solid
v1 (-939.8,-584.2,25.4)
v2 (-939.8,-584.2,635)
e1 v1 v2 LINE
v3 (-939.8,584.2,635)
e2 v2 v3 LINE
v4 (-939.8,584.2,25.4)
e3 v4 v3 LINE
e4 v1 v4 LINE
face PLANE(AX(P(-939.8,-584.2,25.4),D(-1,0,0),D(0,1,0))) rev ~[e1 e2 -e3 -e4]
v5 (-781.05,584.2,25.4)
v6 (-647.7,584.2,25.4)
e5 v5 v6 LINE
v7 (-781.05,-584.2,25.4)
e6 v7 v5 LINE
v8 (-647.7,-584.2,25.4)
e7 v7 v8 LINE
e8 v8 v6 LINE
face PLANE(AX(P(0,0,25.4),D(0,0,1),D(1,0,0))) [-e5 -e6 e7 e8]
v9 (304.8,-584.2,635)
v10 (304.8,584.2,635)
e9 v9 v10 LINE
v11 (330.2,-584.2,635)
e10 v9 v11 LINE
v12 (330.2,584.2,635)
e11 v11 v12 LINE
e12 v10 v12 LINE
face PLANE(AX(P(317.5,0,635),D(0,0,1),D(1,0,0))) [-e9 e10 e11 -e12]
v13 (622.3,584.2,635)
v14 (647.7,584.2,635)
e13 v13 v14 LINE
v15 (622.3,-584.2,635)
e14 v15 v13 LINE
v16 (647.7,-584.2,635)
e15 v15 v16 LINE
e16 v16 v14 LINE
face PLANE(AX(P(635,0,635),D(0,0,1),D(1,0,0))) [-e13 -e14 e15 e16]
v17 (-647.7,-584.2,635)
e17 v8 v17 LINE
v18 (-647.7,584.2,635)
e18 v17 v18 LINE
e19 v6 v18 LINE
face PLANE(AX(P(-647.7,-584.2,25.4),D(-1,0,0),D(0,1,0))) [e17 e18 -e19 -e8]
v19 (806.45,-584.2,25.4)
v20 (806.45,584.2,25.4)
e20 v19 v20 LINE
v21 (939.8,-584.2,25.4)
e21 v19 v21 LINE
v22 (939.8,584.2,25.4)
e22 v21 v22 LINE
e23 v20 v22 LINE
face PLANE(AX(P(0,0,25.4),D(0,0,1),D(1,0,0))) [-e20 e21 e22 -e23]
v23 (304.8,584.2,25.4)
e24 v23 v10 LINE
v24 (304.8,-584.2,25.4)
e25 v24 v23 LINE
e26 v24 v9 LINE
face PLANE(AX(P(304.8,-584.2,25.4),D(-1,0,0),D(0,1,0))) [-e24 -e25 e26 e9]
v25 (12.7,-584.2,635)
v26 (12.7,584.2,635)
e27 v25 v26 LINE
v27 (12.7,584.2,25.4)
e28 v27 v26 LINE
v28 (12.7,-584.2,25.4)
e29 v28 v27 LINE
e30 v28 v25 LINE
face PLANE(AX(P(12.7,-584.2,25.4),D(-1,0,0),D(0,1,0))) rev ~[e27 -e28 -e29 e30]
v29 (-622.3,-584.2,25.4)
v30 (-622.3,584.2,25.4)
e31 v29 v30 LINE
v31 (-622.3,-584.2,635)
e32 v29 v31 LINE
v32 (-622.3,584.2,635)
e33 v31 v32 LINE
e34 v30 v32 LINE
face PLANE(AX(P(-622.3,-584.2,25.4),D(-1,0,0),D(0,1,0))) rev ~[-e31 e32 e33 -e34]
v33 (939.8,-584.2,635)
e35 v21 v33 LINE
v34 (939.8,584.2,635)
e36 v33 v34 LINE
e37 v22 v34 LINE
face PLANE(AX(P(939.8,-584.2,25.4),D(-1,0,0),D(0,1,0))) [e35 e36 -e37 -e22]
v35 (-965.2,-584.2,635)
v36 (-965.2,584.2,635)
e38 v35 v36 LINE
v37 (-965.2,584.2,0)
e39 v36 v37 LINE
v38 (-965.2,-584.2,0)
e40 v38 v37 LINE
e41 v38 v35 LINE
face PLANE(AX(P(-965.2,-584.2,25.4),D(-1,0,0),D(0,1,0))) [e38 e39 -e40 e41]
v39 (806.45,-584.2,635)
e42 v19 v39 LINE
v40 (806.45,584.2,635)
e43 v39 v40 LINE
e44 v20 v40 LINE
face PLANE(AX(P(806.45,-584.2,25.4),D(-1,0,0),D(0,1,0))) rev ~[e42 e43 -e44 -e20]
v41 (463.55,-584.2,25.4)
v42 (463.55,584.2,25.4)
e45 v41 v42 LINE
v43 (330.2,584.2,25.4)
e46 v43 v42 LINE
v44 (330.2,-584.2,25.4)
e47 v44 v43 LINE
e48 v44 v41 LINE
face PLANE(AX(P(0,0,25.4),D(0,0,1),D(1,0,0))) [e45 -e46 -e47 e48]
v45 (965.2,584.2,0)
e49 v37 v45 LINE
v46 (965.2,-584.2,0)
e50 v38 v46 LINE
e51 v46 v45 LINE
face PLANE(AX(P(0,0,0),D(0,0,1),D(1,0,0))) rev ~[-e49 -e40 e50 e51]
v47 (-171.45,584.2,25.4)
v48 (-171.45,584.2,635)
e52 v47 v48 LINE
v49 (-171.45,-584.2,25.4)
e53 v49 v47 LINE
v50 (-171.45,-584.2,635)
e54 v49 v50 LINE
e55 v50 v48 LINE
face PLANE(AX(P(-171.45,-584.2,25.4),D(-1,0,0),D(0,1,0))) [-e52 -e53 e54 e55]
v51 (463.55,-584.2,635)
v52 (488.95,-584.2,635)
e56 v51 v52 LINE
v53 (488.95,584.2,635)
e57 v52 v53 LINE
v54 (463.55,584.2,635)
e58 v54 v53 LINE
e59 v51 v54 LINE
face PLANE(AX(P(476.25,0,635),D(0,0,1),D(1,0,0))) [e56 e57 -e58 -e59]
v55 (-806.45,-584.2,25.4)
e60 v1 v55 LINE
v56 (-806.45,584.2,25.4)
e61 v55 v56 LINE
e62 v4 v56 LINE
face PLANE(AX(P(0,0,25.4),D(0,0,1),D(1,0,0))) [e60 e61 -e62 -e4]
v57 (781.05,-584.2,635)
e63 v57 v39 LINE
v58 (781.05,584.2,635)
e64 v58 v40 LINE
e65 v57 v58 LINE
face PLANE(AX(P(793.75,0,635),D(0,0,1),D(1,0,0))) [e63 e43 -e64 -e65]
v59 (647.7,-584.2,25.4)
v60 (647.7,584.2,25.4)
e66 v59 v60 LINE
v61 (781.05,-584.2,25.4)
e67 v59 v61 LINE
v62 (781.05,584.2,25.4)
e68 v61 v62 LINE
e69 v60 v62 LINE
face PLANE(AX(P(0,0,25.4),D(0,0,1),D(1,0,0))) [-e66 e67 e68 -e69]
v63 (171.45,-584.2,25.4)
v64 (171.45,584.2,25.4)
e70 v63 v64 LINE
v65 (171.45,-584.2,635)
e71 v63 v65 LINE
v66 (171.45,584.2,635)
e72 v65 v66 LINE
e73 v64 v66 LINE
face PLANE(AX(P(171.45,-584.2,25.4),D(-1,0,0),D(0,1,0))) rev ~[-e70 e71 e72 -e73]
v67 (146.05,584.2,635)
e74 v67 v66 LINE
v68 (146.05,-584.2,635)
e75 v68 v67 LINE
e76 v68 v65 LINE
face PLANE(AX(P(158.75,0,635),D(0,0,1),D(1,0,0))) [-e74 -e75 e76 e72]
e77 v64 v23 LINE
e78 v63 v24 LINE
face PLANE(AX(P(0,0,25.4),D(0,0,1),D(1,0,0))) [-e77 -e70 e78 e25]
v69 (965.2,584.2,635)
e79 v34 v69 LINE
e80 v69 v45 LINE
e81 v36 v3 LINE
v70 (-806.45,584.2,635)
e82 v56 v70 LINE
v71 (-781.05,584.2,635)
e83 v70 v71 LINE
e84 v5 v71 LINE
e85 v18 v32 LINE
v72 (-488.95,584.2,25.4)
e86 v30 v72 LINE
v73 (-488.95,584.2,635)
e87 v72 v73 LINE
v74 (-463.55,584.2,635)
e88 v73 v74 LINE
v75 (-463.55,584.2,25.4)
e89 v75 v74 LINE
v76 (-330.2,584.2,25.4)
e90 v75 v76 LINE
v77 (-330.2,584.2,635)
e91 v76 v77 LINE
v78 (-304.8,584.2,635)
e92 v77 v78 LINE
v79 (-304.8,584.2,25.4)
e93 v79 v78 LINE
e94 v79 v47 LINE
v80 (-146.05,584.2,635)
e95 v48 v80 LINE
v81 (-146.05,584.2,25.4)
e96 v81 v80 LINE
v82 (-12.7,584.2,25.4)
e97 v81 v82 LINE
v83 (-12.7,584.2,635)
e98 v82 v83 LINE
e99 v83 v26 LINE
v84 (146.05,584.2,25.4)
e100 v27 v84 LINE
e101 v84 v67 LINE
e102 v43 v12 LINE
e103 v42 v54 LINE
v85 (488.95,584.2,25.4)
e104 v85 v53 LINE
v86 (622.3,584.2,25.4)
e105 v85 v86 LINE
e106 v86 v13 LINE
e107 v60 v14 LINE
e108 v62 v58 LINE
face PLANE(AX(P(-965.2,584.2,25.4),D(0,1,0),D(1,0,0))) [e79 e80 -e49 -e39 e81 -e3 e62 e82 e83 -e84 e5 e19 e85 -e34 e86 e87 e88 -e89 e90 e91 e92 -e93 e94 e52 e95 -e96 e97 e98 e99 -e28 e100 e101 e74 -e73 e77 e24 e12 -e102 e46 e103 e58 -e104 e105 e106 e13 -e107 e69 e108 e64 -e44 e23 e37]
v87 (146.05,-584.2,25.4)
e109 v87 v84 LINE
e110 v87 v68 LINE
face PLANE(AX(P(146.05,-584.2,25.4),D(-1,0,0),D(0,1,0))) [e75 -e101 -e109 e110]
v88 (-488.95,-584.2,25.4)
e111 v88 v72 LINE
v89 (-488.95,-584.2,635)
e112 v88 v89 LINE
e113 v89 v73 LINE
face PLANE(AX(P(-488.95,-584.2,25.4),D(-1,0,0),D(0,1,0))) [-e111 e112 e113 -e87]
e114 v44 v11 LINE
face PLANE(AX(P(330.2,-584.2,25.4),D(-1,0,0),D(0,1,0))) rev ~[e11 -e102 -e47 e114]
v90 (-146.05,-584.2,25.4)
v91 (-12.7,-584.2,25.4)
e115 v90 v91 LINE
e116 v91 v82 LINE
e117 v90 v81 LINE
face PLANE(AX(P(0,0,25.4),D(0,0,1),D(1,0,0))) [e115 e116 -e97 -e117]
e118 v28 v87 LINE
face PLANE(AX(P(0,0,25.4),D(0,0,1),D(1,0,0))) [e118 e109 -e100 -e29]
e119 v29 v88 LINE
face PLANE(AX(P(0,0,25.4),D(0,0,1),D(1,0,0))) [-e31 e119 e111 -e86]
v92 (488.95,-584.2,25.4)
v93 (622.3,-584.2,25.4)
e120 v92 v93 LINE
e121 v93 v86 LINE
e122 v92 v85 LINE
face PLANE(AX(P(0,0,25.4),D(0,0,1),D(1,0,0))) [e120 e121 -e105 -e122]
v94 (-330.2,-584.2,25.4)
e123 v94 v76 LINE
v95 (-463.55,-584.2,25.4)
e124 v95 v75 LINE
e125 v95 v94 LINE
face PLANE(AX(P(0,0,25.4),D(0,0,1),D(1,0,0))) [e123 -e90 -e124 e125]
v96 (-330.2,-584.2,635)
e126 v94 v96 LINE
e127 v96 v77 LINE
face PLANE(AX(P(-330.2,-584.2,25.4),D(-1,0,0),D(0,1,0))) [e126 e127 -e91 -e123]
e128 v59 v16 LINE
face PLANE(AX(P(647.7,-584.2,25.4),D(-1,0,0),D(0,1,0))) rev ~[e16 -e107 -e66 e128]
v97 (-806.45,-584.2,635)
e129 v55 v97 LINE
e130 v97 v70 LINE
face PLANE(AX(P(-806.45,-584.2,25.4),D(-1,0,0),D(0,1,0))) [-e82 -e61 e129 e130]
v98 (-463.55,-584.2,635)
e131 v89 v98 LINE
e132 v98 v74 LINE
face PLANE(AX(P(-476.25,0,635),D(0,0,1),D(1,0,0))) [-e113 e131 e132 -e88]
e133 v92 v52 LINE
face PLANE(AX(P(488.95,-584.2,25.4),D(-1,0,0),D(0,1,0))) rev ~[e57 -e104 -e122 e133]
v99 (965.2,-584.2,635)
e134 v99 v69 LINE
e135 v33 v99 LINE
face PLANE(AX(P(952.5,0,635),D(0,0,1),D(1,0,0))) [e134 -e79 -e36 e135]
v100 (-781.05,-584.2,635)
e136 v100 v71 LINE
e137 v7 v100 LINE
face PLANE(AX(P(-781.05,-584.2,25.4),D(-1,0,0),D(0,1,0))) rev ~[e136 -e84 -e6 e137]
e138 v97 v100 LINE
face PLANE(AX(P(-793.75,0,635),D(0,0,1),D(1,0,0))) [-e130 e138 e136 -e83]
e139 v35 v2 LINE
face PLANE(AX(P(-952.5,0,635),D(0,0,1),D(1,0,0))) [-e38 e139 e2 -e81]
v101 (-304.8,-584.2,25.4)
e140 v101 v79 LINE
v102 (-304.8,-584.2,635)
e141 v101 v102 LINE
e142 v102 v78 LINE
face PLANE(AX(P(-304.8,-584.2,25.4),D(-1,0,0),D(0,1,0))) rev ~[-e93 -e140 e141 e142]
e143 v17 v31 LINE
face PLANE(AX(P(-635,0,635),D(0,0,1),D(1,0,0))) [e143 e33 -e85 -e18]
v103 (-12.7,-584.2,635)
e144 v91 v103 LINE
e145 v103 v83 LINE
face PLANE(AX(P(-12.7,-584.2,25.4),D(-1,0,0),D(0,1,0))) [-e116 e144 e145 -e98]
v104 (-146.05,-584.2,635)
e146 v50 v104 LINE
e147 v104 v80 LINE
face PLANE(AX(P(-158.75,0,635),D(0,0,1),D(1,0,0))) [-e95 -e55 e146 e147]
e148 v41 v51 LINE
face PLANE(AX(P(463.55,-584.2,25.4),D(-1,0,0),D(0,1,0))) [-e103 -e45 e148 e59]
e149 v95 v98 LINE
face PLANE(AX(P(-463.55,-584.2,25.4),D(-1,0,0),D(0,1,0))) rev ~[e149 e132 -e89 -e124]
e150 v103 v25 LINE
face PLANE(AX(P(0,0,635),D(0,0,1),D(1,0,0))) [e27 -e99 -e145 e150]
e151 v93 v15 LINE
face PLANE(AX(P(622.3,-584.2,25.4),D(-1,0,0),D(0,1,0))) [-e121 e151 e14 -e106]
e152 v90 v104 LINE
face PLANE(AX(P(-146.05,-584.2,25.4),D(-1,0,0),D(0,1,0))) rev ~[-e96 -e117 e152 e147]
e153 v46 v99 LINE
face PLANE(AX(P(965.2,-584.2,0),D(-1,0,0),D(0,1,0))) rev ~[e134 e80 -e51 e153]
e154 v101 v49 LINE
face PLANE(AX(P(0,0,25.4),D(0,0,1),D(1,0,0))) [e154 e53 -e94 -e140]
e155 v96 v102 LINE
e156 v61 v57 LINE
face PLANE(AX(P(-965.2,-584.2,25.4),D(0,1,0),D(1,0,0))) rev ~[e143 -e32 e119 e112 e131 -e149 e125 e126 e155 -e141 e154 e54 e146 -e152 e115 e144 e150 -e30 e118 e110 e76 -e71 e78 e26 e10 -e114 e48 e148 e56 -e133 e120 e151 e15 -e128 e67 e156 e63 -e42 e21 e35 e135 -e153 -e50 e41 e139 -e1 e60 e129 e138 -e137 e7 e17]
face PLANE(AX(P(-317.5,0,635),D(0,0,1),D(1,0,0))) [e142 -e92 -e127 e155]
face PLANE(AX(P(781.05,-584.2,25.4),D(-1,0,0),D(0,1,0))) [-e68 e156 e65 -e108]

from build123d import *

# Parameters (mm, degrees)
F0_W     = 1930.4
F0_H     = 1168.4
F1_DEPTH = 25.4
F2_W     = 25.4
F2_H     = 1168.4
F3_DEPTH = 609.6


with BuildPart() as f1:
    # F0 (on Top) → F1 (new body)
    with BuildSketch(Plane.XY):
        Rectangle(F0_W, F0_H)
    extrude(amount=F1_DEPTH)

    # F2 (on face) → F3 (join)
    with BuildSketch(Plane.XY.offset(25.4)):
        with Locations((-952.5, 0)):
            Rectangle(F2_W, F2_H)
        with Locations((-793.75, 0)):
            Rectangle(F2_W, F2_H)
        with Locations((-635, 0)):
            Rectangle(F2_W, F2_H)
        with Locations((-476.25, 0)):
            Rectangle(F2_W, F2_H)
        with Locations((-317.5, 0)):
            Rectangle(F2_W, F2_H)
        with Locations((-158.75, 0)):
            Rectangle(F2_W, F2_H)
        Rectangle(F2_W, F2_H)
        with Locations((158.75, 0)):
            Rectangle(F2_W, F2_H)
        with Locations((317.5, 0)):
            Rectangle(F2_W, F2_H)
        with Locations((476.25, 0)):
            Rectangle(F2_W, F2_H)
        with Locations((635, 0)):
            Rectangle(F2_W, F2_H)
        with Locations((793.75, 0)):
            Rectangle(F2_W, F2_H)
        with Locations((952.5, 0)):
            Rectangle(F2_W, F2_H)
    extrude(amount=F3_DEPTH)


solid = f1.part
